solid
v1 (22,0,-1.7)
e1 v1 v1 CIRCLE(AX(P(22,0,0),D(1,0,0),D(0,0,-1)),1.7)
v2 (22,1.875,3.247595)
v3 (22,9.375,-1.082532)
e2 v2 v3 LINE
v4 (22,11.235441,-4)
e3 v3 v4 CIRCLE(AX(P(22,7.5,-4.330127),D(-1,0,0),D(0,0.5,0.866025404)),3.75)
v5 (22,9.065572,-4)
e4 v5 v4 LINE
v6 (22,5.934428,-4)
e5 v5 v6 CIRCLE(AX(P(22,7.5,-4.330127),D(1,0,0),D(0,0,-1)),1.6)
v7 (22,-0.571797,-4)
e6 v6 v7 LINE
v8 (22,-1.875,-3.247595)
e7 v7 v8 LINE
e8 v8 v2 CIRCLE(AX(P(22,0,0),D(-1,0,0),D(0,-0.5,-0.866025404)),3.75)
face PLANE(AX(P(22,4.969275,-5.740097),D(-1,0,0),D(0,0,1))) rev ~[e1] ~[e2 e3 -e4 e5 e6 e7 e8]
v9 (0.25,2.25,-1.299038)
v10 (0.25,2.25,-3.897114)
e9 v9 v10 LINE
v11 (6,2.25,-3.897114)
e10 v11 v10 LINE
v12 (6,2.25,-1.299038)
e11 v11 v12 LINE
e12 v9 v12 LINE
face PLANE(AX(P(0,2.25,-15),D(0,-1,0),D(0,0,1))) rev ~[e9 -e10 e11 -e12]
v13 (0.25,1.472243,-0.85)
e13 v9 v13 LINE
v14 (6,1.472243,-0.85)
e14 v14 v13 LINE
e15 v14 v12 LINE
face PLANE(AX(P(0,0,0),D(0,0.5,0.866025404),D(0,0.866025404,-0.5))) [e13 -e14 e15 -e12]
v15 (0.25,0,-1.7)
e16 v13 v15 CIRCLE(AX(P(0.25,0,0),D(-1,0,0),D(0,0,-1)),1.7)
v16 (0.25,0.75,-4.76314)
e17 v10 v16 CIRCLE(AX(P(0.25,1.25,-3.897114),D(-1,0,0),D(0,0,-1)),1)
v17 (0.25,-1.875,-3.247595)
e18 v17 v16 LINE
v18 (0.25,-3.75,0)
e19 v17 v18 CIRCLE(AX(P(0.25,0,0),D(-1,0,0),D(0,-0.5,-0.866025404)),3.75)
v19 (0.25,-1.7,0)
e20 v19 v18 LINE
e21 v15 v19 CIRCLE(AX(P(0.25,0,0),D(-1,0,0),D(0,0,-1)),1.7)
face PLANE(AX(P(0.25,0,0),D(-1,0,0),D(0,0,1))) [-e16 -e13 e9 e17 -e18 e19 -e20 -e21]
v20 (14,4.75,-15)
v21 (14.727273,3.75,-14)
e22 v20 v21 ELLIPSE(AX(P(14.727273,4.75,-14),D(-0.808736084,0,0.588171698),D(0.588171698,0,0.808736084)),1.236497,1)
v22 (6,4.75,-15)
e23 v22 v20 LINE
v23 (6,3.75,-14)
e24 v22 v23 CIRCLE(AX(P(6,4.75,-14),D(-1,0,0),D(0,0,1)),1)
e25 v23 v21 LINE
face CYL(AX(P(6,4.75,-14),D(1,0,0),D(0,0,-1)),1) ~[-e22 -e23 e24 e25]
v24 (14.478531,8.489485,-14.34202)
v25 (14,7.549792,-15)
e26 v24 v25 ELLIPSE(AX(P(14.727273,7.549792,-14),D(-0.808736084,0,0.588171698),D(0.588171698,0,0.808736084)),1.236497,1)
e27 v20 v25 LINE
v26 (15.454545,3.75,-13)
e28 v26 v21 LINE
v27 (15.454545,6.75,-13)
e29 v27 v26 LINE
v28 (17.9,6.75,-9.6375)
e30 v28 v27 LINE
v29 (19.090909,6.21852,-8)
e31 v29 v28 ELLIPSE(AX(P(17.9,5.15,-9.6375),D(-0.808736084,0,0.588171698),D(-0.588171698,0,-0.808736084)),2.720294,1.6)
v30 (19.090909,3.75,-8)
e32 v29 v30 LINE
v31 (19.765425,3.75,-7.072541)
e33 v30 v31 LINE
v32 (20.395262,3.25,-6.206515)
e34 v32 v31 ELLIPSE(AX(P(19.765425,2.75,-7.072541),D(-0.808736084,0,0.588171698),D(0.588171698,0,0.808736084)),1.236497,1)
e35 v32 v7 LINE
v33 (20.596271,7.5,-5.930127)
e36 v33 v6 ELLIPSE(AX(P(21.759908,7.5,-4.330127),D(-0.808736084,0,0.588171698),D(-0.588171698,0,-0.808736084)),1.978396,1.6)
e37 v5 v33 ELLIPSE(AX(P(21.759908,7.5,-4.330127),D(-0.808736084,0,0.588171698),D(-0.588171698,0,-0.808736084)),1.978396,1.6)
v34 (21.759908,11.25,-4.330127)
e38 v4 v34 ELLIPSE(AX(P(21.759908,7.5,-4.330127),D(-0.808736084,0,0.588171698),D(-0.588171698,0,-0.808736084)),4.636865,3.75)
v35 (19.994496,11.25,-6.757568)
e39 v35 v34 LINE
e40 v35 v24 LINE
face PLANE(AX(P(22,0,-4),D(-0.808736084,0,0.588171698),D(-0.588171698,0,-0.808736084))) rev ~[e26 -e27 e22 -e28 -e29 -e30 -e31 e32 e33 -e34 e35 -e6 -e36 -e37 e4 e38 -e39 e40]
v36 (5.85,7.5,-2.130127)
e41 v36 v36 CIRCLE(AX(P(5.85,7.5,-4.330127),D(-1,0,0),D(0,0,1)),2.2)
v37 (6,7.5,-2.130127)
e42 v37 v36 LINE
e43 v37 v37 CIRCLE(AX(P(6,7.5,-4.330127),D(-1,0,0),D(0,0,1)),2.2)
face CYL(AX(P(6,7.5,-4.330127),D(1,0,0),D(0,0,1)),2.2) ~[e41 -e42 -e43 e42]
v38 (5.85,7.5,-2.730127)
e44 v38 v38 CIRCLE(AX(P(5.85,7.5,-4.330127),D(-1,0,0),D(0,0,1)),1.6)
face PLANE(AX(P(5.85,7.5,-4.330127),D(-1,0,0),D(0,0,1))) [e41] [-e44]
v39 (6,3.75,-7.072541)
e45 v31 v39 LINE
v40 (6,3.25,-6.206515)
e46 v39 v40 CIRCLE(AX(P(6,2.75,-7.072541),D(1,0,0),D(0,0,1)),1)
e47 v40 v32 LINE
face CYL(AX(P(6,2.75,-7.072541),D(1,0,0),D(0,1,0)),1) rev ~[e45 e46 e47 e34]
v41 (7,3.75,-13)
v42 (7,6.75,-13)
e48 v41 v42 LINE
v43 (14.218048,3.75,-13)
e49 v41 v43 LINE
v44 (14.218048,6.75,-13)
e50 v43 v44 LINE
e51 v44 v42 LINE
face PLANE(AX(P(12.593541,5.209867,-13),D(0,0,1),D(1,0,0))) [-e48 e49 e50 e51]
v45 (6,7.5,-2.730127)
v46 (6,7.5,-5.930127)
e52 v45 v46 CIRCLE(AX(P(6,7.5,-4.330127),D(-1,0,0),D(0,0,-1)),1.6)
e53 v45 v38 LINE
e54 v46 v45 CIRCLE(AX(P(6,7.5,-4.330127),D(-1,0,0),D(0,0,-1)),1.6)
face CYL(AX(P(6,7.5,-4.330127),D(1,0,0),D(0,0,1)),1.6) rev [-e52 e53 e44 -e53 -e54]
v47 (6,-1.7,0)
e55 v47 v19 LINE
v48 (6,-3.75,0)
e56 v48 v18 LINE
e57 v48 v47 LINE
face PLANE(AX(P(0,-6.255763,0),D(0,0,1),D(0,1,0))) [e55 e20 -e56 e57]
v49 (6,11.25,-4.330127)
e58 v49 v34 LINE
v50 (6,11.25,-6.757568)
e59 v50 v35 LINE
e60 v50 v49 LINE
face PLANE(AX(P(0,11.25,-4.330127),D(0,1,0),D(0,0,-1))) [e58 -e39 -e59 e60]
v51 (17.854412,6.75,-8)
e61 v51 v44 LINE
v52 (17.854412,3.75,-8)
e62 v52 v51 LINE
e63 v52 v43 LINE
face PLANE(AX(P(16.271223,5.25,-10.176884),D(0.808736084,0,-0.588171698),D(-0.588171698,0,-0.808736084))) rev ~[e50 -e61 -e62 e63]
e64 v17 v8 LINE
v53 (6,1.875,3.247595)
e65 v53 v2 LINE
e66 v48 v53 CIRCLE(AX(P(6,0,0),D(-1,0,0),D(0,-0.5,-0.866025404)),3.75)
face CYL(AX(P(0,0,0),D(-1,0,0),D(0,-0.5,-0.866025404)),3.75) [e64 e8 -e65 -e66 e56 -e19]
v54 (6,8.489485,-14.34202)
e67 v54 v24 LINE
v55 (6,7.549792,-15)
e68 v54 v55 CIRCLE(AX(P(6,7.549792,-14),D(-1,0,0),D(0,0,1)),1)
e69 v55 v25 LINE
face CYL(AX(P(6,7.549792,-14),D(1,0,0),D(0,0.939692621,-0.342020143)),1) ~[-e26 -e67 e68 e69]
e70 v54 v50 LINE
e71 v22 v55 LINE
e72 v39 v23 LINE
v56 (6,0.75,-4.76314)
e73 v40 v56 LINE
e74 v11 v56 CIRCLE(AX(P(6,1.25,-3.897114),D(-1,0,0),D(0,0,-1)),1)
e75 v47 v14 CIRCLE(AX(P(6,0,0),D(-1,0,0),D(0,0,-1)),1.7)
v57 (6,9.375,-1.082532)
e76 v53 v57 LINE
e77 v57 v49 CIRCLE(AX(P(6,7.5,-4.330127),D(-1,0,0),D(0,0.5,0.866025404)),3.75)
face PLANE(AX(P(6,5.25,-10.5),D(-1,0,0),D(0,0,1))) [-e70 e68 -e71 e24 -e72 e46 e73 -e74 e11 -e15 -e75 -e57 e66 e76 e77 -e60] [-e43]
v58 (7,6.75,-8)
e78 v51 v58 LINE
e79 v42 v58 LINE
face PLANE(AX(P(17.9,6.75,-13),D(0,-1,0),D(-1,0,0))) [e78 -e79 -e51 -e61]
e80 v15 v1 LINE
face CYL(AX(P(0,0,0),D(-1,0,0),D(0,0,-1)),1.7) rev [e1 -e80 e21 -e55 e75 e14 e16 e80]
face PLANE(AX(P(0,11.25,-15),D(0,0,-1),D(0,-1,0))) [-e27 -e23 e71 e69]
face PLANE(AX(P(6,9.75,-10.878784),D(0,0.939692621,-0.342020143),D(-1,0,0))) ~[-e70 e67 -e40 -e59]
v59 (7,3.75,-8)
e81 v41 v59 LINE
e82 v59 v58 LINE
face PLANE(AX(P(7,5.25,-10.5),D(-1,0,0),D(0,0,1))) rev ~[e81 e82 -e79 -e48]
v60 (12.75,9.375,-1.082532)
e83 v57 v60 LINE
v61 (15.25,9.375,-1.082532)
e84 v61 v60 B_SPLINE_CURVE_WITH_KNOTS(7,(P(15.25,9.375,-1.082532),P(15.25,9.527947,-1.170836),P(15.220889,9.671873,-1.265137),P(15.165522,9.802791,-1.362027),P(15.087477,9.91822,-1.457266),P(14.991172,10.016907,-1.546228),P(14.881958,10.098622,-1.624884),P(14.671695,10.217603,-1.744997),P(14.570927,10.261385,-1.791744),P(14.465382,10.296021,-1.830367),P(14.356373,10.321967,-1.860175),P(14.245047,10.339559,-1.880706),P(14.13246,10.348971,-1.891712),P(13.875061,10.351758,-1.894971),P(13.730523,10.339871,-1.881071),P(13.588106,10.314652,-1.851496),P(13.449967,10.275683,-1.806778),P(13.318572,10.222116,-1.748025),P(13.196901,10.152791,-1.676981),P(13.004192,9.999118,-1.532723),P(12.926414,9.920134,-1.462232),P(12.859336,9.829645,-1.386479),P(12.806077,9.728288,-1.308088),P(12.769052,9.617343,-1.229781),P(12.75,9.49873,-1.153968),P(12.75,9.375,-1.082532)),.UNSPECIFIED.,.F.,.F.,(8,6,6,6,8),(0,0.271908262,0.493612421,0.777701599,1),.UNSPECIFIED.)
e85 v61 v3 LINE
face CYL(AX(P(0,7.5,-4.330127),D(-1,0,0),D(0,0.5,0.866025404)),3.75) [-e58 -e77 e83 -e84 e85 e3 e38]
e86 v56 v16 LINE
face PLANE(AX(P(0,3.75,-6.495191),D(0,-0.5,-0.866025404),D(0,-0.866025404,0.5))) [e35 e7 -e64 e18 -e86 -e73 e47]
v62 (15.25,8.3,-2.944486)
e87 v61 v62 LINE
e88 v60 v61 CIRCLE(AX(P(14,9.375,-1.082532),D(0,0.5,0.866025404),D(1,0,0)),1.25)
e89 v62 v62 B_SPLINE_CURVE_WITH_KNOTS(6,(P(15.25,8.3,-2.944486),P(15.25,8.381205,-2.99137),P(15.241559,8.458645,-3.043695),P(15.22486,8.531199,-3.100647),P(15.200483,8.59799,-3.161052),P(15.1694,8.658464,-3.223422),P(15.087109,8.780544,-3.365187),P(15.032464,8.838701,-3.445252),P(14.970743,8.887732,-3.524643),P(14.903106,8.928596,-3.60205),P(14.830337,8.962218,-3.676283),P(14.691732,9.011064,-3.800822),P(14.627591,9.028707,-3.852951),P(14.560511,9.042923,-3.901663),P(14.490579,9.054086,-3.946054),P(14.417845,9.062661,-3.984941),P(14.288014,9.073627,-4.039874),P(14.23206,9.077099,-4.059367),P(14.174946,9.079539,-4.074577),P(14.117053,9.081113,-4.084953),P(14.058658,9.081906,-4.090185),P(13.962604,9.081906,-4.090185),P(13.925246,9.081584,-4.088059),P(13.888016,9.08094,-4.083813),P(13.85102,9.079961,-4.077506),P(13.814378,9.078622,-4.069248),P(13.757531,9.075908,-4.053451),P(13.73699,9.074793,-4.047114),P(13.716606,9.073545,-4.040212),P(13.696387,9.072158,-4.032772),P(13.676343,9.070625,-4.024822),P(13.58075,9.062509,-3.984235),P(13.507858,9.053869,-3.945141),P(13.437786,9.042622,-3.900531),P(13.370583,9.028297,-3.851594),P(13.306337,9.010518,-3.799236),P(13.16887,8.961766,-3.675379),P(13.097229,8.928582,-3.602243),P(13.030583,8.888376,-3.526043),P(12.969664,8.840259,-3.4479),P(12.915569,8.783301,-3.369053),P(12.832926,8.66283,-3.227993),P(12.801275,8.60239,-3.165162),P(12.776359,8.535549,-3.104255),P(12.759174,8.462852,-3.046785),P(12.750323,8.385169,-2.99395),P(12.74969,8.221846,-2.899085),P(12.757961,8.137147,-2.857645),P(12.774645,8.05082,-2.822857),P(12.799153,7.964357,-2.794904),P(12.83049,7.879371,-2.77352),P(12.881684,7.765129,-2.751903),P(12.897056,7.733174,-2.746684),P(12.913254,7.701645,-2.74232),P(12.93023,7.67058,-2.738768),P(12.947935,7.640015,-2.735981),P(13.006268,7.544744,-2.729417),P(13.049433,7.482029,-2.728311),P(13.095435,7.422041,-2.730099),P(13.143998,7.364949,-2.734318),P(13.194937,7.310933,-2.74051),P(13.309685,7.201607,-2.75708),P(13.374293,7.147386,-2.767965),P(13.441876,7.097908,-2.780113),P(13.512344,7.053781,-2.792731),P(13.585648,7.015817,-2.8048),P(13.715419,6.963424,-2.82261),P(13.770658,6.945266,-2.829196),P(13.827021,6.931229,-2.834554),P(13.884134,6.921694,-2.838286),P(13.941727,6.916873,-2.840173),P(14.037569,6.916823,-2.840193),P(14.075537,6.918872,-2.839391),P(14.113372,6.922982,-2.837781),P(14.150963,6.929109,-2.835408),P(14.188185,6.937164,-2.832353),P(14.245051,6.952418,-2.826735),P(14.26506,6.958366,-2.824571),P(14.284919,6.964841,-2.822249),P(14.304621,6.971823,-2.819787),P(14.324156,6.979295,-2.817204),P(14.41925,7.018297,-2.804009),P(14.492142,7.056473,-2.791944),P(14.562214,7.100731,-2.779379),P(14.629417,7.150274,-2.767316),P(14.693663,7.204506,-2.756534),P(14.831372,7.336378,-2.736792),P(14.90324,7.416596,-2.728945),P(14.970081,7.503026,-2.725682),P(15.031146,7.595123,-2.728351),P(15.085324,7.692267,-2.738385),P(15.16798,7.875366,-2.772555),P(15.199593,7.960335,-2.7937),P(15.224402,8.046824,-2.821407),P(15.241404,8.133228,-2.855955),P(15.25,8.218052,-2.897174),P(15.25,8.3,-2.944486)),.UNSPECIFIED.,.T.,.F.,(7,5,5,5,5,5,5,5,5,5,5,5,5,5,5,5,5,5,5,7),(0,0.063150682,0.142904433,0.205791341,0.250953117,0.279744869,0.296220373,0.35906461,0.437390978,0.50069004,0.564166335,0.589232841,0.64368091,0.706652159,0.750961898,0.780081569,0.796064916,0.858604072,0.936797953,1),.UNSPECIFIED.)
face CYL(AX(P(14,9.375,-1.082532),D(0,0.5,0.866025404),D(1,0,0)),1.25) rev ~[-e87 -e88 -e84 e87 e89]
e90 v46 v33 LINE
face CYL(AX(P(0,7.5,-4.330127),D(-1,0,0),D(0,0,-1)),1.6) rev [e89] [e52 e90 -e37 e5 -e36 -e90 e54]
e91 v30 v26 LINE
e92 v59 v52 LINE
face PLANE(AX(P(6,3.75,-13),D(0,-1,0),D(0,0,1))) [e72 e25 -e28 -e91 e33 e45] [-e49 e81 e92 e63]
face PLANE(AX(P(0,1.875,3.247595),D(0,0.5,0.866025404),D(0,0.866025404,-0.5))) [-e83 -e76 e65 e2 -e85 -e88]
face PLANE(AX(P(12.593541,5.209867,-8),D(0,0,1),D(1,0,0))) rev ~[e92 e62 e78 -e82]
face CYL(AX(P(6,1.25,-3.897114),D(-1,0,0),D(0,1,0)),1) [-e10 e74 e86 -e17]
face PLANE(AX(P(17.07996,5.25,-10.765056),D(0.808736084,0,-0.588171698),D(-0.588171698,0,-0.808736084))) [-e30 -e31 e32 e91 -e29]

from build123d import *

# Parameters (mm, degrees)
SKETCH1_R               = 1.7
SKETCH1_R_2             = 1.6
BOSS_EXTRUDE1_DEPTH     = 22
CUT_EXTRUDE1_DEPTH      = 6
CUT_EXTRUDE2_START      = -2
CUT_EXTRUDE2_DEPTH      = 5
CHAMFER1_SIZE           = 3
CHAMFER1_SIZE2          = 8.242432258
SKETCH4_R               = 2.2
SKETCH4_R_2             = 1.6
BOSS_EXTRUDE2_DEPTH     = 0.15
SKETCH5_R               = 7.371028059
CUT_EXTRUDE3_DEPTH      = 0.25
FILLET1_R               = 1
CUT_EXTRUDE4_DEPTH      = 12.25
CUT_EXTRUDE4_DEPTH_BACK = 4.75
SKETCH8_W               = 8
SKETCH8_H               = 3
BOSS_EXTRUDE4_DEPTH     = 1
SKETCH10_R              = 1.25
CUT_EXTRUDE7_DEPTH      = 4
SKETCH11_W              = 5
SKETCH11_H              = 3
BOSS_EXTRUDE5_DEPTH     = 1


with BuildPart() as part:
    # Sketch1 → Boss-Extrude1 (new body)
    with BuildSketch(Plane(origin=(0, 0, 0), x_dir=(0, 0, -1), z_dir=(1, 0, 0))):
        with BuildLine():
            Line((-3.247595264, 1.875), (1.082531755, 9.375))
            ThreePointArc((1.082531755, 9.375), (2.455127019, 10.747595264), (4.330127019, 11.25))
            Line((4.330127019, 11.25), (15, 11.25))
            Line((15, 11.25), (15, 3.75))
            Line((15, 3.75), (6.495190528, 3.75))
            Line((6.495190528, 3.75), (3.247595264, -1.875))
            ThreePointArc((3.247595264, -1.875), (-1.875, -3.247595264), (-3.247595264, 1.875))
        make_face()
        Circle(SKETCH1_R, mode=Mode.SUBTRACT)
        with Locations((4.330127019, 7.5)):
            Circle(SKETCH1_R_2, mode=Mode.SUBTRACT)
    extrude(amount=BOSS_EXTRUDE1_DEPTH)

    # Sketch2 → Cut-Extrude1 (cut)
    with BuildSketch(Plane.ZY):
        Polygon((-15, 11.25), (5.328677025, 11.25), (5.328677025, -6.255762667), (0, -6.255762667), (0, 0), (-1.299038106, 2.25), (-5.629165125, 2.25), (-15, 2.25), align=None)
    extrude(amount=-CUT_EXTRUDE1_DEPTH, mode=Mode.SUBTRACT)

    # Sketch3 → Cut-Extrude2 (cut)
    with BuildSketch(Plane(origin=(0, 0, -15), x_dir=(-1, 0, 0), z_dir=(0, 0, -1)).offset(CUT_EXTRUDE2_START)):
        with BuildLine():
            Line((-19.5, 3.75), (-19.5, 5.15))
            ThreePointArc((-19.5, 5.15), (-19.03137085, 6.28137085), (-17.9, 6.75))
            Line((-17.9, 6.75), (-10.1, 6.75))
            Line((-10.1, 6.75), (-6, 6.75))
            Line((-6, 6.75), (-6, 3.75))
            Line((-6, 3.75), (-8.5, 3.75))
            Line((-8.5, 3.75), (-19.5, 3.75))
        make_face()
    extrude(amount=-CUT_EXTRUDE2_DEPTH, mode=Mode.SUBTRACT)

    # Chamfer1
    chamfer1_edges = [part.edges().sort_by_distance(p)[0] for p in [
        (14, 11.25, -15),
    ]]
    chamfer1_side = [part.faces().sort_by_distance(p)[0] for p in [
        (14, 7.5, -15),
    ]]
    chamfer(chamfer1_edges, length=CHAMFER1_SIZE, length2=CHAMFER1_SIZE2, reference=chamfer1_side[0])

    # Sketch4 → Boss-Extrude2 (add)
    with BuildSketch(Plane.ZY.offset(-6)):
        with Locations((-4.330127019, 7.5)):
            Circle(SKETCH4_R)
        with Locations((-4.330127019, 7.5)):
            Circle(SKETCH4_R_2, mode=Mode.SUBTRACT)
    extrude(amount=BOSS_EXTRUDE2_DEPTH)

    # Sketch5 → Cut-Extrude3 (cut)
    with BuildSketch(Plane.ZY):
        Circle(SKETCH5_R)
    extrude(amount=-CUT_EXTRUDE3_DEPTH, mode=Mode.SUBTRACT)

    # Fillet1
    fillet1_edges = [part.edges().sort_by_distance(p)[0] for p in [
        (3.125, 2.25, -5.629165125),
        (14, 3.75, -15),
        (14, 3.75, -6.495190528),
        (14, 8.25, -15),
    ]]
    fillet(fillet1_edges, radius=FILLET1_R)

    # Sketch7 → Cut-Extrude4 (cut, two sides)
    with BuildSketch(Plane(origin=(0, 0, 0), x_dir=(1, 0, 0), z_dir=(0, 1, 0))) as cut_extrude4_sk:
        Polygon((22, 4), (14, 15), (22, 15), align=None)
    extrude(amount=CUT_EXTRUDE4_DEPTH, mode=Mode.SUBTRACT)
    extrude(cut_extrude4_sk.sketch, amount=-CUT_EXTRUDE4_DEPTH_BACK, mode=Mode.SUBTRACT)

    # Sketch8 → Boss-Extrude4 (add)
    with BuildSketch(Plane(origin=(16.291891892, 0, -11.848648649), x_dir=(-0.588171698, 0, -0.808736084), z_dir=(0.808736084, 0, -0.588171698))):
        with Locations((-1.339859822, 5.25)):
            Rectangle(SKETCH8_W, SKETCH8_H)
    extrude(amount=-BOSS_EXTRUDE4_DEPTH)

    # Sketch10 → Cut-Extrude7 (cut)
    with BuildSketch(Plane(origin=(0, 1.875, 3.247595264), x_dir=(1, 0, 0), z_dir=(0, 0.5, 0.866025404))):
        with Locations((14, 8.660254038)):
            Circle(SKETCH10_R)
    extrude(amount=-CUT_EXTRUDE7_DEPTH, mode=Mode.SUBTRACT)

    # Sketch11 → Boss-Extrude5 (add)
    with BuildSketch(Plane.ZY.offset(-6)):
        with Locations((-10.5, 5.25)):
            Rectangle(SKETCH11_W, SKETCH11_H)
    extrude(amount=-BOSS_EXTRUDE5_DEPTH)


solid = part.part
